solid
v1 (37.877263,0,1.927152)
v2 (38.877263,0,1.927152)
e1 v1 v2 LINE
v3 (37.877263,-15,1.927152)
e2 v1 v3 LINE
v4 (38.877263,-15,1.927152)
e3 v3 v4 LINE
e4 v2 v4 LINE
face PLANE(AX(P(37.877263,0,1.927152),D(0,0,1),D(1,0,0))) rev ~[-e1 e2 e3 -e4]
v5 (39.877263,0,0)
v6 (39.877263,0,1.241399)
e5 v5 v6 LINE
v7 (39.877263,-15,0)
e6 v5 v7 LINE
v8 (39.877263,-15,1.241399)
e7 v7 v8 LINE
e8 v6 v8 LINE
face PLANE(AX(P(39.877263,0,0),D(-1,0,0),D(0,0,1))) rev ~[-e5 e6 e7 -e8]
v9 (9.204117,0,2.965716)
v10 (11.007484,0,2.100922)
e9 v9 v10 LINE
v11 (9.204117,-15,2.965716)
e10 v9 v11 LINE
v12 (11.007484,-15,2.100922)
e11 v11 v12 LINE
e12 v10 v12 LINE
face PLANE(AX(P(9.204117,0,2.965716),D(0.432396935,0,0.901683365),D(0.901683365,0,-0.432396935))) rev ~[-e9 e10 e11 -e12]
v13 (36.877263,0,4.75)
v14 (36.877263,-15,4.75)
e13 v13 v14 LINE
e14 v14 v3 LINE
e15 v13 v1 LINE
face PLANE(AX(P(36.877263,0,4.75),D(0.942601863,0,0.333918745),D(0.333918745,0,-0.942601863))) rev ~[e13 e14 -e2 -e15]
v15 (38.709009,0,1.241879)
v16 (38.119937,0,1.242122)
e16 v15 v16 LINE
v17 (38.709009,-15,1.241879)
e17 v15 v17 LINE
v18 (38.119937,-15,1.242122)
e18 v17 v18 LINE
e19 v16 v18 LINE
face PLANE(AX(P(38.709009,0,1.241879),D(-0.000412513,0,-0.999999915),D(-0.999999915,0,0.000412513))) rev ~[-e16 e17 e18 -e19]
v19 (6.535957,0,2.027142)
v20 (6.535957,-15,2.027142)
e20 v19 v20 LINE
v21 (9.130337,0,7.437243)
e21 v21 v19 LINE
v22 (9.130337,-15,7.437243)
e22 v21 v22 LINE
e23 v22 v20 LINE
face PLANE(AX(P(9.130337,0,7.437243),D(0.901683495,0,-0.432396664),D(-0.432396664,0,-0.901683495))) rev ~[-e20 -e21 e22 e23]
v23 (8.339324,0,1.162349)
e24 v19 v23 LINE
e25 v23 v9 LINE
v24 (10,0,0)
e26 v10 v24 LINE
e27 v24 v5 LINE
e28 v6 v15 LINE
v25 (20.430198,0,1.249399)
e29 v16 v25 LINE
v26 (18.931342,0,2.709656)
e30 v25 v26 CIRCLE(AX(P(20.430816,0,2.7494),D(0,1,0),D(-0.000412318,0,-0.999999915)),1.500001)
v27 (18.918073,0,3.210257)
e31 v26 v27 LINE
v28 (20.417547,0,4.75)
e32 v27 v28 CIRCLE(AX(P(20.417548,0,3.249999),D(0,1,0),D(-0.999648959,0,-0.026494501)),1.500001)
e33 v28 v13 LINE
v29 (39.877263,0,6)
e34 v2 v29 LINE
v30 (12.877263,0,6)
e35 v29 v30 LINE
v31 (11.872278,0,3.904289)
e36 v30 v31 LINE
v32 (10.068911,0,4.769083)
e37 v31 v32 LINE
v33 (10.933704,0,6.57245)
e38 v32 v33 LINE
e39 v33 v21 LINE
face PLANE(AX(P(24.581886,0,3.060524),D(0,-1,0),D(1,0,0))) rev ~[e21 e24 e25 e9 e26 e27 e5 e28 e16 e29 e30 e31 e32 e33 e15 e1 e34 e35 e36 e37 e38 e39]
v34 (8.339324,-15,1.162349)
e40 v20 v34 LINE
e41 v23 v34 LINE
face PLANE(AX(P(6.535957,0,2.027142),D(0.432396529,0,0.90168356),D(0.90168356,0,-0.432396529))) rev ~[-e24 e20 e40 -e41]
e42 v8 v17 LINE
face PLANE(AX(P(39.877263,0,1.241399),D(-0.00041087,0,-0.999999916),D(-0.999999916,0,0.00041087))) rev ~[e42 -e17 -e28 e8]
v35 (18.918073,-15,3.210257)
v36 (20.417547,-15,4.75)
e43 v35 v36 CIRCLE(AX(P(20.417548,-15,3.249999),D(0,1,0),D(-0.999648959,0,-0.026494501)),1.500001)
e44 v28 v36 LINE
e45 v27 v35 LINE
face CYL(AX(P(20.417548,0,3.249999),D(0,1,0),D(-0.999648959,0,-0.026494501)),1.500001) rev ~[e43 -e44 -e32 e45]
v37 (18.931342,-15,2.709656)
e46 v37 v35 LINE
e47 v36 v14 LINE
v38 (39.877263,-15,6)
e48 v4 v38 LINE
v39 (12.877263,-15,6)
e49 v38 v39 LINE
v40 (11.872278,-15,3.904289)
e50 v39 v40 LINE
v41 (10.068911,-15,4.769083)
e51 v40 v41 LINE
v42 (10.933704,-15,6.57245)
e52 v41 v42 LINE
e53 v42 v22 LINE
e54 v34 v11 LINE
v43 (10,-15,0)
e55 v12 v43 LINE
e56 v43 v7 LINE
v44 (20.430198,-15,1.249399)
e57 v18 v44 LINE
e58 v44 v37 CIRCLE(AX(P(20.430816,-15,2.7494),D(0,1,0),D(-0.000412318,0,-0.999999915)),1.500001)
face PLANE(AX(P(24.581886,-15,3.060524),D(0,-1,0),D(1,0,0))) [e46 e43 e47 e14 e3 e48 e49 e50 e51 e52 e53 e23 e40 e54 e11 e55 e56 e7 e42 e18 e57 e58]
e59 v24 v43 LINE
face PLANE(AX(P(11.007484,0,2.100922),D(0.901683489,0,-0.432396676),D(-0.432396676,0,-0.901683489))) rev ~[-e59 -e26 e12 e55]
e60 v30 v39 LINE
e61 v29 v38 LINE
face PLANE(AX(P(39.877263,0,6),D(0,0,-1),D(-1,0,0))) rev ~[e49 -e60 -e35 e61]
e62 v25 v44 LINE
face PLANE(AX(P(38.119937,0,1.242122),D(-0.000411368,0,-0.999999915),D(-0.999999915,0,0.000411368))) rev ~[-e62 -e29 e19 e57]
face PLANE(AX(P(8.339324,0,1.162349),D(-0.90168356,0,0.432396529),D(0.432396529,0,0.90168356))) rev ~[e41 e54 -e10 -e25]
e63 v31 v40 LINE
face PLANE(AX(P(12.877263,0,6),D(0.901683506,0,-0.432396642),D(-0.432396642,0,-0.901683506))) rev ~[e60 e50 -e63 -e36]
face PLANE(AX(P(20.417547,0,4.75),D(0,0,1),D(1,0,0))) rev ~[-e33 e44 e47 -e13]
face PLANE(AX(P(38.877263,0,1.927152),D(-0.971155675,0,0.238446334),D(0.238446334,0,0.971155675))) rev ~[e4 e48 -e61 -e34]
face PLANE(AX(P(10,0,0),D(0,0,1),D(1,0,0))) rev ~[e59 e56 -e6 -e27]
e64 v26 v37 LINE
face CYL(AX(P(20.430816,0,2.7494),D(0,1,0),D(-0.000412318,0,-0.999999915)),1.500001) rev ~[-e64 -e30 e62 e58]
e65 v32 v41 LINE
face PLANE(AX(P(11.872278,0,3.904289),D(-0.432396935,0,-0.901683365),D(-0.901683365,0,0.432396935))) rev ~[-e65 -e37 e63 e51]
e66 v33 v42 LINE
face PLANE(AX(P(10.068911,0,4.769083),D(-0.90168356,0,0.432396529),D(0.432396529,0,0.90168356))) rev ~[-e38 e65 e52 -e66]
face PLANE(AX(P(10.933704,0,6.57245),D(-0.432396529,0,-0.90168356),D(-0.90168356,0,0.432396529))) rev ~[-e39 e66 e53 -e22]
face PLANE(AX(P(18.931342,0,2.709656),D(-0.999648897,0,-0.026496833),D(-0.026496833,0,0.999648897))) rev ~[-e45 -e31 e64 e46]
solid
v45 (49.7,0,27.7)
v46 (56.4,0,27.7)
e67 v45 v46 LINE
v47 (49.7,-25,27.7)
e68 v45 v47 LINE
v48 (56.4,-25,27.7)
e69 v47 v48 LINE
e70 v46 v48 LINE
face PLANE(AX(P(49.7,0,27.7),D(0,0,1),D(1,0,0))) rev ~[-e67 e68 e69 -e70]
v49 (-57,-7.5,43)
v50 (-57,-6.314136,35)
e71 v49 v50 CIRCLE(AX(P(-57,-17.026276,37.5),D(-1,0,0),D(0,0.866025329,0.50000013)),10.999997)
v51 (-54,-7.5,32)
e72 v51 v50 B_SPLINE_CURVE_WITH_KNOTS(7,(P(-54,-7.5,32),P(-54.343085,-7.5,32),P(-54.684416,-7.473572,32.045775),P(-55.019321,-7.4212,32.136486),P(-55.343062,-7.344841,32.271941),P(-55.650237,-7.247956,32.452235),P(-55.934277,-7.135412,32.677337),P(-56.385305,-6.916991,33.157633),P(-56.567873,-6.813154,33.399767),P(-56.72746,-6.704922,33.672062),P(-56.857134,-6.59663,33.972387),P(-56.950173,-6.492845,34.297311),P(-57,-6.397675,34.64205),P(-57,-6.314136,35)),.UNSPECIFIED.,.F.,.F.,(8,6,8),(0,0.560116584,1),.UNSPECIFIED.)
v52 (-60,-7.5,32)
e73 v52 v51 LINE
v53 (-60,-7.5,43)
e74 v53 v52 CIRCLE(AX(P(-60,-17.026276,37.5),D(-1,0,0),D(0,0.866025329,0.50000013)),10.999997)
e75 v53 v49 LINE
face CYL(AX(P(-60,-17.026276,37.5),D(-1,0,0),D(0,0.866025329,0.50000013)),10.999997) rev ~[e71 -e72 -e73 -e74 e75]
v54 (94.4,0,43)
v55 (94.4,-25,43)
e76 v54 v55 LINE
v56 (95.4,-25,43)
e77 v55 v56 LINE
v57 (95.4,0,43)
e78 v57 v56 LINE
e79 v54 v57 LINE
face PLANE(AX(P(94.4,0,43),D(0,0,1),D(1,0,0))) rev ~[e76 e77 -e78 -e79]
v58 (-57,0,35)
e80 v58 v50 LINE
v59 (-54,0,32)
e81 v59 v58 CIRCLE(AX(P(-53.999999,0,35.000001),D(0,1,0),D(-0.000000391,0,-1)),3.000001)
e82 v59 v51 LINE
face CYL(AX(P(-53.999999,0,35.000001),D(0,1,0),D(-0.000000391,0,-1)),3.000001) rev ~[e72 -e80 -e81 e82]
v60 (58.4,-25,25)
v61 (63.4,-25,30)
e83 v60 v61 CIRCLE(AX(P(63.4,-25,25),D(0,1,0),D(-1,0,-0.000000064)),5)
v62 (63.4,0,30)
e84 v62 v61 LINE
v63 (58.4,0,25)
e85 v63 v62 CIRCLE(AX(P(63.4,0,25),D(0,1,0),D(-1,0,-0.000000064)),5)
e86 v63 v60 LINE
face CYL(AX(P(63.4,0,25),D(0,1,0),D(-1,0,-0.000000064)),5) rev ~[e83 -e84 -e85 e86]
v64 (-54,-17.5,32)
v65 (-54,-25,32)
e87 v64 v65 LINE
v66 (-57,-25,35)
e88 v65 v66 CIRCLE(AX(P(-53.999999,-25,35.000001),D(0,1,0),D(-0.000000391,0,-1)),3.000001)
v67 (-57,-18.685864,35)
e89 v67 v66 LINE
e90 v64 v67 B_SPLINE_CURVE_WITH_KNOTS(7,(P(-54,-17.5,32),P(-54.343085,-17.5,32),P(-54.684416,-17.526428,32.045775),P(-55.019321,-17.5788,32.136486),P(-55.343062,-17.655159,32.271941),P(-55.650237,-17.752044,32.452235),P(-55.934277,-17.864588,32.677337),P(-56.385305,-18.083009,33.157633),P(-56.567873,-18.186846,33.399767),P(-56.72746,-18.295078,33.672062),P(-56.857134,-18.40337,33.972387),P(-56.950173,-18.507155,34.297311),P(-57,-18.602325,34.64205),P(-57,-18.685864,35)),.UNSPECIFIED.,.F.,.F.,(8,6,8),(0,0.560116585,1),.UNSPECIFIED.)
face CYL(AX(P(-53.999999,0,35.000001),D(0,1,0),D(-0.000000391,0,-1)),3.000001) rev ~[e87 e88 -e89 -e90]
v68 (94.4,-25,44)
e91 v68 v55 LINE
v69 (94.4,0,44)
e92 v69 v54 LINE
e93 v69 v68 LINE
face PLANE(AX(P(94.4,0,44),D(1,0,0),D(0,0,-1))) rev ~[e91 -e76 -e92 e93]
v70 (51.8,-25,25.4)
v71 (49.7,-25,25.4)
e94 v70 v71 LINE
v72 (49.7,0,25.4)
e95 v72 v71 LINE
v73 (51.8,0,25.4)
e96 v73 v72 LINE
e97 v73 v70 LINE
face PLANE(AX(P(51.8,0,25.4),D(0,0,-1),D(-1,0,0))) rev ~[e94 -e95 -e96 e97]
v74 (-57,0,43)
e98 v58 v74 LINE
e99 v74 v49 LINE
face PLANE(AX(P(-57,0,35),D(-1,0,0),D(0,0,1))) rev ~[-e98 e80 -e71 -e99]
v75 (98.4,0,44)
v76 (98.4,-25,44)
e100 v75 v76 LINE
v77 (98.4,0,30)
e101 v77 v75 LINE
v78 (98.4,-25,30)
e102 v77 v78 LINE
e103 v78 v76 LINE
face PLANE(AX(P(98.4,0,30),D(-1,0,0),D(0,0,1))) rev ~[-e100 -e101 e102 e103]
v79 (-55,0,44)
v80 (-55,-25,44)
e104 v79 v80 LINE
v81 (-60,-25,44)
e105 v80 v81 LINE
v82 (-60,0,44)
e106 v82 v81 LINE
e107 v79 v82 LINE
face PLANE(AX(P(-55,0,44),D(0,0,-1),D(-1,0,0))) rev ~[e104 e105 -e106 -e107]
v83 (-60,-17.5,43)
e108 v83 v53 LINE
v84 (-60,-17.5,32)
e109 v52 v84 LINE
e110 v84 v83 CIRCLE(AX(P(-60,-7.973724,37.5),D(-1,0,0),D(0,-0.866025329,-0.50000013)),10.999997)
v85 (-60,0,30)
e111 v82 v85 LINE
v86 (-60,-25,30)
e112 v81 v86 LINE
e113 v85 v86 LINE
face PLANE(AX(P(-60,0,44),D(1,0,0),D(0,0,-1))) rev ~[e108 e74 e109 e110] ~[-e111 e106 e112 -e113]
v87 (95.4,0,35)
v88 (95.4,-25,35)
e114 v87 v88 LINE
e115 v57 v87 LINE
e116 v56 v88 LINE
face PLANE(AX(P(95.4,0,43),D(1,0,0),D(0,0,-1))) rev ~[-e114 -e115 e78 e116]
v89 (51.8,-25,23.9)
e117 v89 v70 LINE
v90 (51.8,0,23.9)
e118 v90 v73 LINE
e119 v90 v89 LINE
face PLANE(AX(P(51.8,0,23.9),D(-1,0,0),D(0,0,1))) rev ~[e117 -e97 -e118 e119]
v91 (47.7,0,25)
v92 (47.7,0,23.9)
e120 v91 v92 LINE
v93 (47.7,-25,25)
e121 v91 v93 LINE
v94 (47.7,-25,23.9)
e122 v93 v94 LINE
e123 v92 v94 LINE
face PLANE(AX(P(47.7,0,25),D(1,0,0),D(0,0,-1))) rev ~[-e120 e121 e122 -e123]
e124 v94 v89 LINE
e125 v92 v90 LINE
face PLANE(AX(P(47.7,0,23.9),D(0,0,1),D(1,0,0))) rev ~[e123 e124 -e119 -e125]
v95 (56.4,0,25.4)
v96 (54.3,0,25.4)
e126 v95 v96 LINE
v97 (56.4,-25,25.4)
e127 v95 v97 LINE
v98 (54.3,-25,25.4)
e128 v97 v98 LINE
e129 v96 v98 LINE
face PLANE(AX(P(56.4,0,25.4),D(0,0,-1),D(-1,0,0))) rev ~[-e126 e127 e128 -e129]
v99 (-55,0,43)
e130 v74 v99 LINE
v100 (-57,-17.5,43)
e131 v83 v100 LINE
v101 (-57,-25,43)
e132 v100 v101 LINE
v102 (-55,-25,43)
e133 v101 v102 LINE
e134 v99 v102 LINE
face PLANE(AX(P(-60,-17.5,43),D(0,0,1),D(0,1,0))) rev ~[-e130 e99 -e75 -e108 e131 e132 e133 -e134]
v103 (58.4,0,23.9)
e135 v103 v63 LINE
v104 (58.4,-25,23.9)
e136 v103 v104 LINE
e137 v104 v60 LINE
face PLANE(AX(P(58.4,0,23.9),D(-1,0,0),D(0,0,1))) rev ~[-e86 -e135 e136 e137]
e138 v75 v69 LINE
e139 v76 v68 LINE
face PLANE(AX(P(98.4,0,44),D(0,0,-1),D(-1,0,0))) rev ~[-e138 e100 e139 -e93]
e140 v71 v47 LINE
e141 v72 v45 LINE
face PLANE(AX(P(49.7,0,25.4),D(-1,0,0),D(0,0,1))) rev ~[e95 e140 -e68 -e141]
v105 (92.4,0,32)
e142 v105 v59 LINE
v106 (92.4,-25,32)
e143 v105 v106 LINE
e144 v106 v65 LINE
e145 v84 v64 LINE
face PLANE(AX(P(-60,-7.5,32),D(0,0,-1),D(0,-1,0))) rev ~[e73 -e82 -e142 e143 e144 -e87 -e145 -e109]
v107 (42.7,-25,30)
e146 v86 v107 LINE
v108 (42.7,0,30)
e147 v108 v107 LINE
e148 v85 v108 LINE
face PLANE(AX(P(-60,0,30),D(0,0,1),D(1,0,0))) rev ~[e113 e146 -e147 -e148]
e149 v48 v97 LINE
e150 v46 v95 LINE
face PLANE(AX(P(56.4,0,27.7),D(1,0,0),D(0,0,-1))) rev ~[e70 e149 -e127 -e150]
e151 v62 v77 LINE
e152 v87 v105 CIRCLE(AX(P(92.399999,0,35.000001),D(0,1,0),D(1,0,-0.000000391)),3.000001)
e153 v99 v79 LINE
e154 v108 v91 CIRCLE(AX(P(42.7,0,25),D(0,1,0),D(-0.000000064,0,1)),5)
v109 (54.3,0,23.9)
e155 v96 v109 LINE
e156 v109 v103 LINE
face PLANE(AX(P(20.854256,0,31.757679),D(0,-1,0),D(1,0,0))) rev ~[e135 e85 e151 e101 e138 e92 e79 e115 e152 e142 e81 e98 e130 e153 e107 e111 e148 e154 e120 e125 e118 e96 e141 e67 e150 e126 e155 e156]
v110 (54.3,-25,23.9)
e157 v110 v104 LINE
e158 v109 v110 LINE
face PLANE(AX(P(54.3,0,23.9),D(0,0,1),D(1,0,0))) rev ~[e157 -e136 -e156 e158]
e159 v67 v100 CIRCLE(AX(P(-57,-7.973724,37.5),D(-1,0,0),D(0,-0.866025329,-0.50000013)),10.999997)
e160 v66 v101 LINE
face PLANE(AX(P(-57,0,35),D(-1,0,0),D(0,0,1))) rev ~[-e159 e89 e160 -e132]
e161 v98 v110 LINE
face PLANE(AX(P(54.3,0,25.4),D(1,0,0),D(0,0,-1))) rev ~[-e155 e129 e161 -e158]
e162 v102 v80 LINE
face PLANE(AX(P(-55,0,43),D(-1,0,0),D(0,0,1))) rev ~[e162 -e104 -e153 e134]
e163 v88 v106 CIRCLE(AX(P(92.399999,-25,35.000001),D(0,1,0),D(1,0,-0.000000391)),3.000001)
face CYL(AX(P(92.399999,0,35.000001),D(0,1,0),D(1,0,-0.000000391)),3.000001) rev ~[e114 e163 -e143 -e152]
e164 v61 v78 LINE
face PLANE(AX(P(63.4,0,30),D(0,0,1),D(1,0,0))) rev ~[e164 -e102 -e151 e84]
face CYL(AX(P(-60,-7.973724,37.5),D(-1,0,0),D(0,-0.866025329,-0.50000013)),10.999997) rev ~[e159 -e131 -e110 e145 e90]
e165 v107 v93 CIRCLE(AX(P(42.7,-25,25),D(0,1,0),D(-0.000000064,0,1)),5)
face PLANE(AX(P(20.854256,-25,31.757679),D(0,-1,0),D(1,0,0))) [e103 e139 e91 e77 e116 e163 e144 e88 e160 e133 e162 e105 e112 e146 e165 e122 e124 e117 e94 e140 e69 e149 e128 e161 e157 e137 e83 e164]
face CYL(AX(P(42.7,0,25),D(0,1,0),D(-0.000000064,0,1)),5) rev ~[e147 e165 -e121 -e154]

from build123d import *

# Parameters (mm, degrees)
F1_DEPTH = 15
F2_DEPTH = 25
F4_DEPTH = 6


with BuildPart() as f1:
    # F0 (on Front) → F1 (new body)
    with BuildSketch(Plane.XZ):
        with BuildLine():
            Line((11.007484, 2.100922), (10, 0))
            Line((10, 0), (36.969838, 0))
            Line((36.969838, 0), (39.877263, 0))
            Line((39.877263, 0), (39.877263, 1.241399))
            Line((39.877263, 1.241399), (38.709009, 1.241879))
            Line((38.709009, 1.241879), (38.119937, 1.242122))
            Line((38.119937, 1.242122), (20.430198, 1.249399))
            ThreePointArc((20.430198, 1.249399), (19.38408, 1.674995), (18.931342, 2.709656))
            Line((18.931342, 2.709656), (18.918073, 3.210257))
            ThreePointArc((18.918073, 3.210257), (19.342927, 4.296514), (20.417547, 4.75))
            Line((20.417547, 4.75), (36.877263, 4.75))
            Line((36.877263, 4.75), (37.877263, 1.927152))
            Line((37.877263, 1.927152), (38.877263, 1.927152))
            Line((38.877263, 1.927152), (39.877263, 6))
            Line((39.877263, 6), (12.877263, 6))
            Line((12.877263, 6), (11.872278, 3.904289))
            Line((11.872278, 3.904289), (10.068911, 4.769083))
            Line((10.068911, 4.769083), (10.933704, 6.57245))
            Line((10.933704, 6.57245), (9.130337, 7.437243))
            Line((9.130337, 7.437243), (6.535957, 2.027142))
            Line((6.535957, 2.027142), (8.339324, 1.162349))
            Line((8.339324, 1.162349), (9.204117, 2.965716))
            Line((9.204117, 2.965716), (11.007484, 2.100922))
        make_face()
    extrude(amount=F1_DEPTH)


with BuildPart() as f2:
    # F0 (on Front) → F2 (new body)
    with BuildSketch(Plane.XZ):
        with BuildLine():
            Line((-60, 44), (-60, 30))
            Line((-60, 30), (42.7, 30))
            ThreePointArc((42.7, 30), (46.235534, 28.535534), (47.7, 25))
            Line((47.7, 25), (47.7, 23.9))
            Line((47.7, 23.9), (51.8, 23.9))
            Line((51.8, 23.9), (51.8, 25.4))
            Line((51.8, 25.4), (49.7, 25.4))
            Line((49.7, 25.4), (49.7, 27.7))
            Line((49.7, 27.7), (56.4, 27.7))
            Line((56.4, 27.7), (56.4, 25.4))
            Line((56.4, 25.4), (54.3, 25.4))
            Line((54.3, 25.4), (54.3, 23.9))
            Line((54.3, 23.9), (58.4, 23.9))
            Line((58.4, 23.9), (58.4, 25))
            ThreePointArc((58.4, 25), (59.864466, 28.535534), (63.4, 30))
            Line((63.4, 30), (98.4, 30))
            Line((98.4, 30), (98.4, 44))
            Line((98.4, 44), (94.4, 44))
            Line((94.4, 44), (94.4, 43))
            Line((94.4, 43), (95.4, 43))
            Line((95.4, 43), (95.4, 35))
            ThreePointArc((95.4, 35), (94.52132, 32.87868), (92.4, 32))
            Line((92.4, 32), (-54, 32))
            ThreePointArc((-54, 32), (-56.12132, 32.87868), (-57, 35))
            Line((-57, 35), (-57, 43))
            Line((-57, 43), (-55, 43))
            Line((-55, 43), (-55, 44))
            Line((-55, 44), (-60, 44))
        make_face()
    extrude(amount=F2_DEPTH)

    # F3 (on face) → F4 (cut)
    with BuildSketch(Plane(origin=(-60, 0, 0), x_dir=(0, -1, 0), z_dir=(-1, 0, 0))):
        with BuildLine():
            Line((7.5, 32), (17.5, 32))
            ThreePointArc((17.5, 32), (18.973721, 37.5), (17.5, 43))
            Line((17.5, 43), (7.5, 43))
            ThreePointArc((7.5, 43), (6.026279, 37.5), (7.5, 32))
        make_face()
    extrude(amount=-F4_DEPTH, mode=Mode.SUBTRACT)


solid = Compound([f1.part, f2.part])
